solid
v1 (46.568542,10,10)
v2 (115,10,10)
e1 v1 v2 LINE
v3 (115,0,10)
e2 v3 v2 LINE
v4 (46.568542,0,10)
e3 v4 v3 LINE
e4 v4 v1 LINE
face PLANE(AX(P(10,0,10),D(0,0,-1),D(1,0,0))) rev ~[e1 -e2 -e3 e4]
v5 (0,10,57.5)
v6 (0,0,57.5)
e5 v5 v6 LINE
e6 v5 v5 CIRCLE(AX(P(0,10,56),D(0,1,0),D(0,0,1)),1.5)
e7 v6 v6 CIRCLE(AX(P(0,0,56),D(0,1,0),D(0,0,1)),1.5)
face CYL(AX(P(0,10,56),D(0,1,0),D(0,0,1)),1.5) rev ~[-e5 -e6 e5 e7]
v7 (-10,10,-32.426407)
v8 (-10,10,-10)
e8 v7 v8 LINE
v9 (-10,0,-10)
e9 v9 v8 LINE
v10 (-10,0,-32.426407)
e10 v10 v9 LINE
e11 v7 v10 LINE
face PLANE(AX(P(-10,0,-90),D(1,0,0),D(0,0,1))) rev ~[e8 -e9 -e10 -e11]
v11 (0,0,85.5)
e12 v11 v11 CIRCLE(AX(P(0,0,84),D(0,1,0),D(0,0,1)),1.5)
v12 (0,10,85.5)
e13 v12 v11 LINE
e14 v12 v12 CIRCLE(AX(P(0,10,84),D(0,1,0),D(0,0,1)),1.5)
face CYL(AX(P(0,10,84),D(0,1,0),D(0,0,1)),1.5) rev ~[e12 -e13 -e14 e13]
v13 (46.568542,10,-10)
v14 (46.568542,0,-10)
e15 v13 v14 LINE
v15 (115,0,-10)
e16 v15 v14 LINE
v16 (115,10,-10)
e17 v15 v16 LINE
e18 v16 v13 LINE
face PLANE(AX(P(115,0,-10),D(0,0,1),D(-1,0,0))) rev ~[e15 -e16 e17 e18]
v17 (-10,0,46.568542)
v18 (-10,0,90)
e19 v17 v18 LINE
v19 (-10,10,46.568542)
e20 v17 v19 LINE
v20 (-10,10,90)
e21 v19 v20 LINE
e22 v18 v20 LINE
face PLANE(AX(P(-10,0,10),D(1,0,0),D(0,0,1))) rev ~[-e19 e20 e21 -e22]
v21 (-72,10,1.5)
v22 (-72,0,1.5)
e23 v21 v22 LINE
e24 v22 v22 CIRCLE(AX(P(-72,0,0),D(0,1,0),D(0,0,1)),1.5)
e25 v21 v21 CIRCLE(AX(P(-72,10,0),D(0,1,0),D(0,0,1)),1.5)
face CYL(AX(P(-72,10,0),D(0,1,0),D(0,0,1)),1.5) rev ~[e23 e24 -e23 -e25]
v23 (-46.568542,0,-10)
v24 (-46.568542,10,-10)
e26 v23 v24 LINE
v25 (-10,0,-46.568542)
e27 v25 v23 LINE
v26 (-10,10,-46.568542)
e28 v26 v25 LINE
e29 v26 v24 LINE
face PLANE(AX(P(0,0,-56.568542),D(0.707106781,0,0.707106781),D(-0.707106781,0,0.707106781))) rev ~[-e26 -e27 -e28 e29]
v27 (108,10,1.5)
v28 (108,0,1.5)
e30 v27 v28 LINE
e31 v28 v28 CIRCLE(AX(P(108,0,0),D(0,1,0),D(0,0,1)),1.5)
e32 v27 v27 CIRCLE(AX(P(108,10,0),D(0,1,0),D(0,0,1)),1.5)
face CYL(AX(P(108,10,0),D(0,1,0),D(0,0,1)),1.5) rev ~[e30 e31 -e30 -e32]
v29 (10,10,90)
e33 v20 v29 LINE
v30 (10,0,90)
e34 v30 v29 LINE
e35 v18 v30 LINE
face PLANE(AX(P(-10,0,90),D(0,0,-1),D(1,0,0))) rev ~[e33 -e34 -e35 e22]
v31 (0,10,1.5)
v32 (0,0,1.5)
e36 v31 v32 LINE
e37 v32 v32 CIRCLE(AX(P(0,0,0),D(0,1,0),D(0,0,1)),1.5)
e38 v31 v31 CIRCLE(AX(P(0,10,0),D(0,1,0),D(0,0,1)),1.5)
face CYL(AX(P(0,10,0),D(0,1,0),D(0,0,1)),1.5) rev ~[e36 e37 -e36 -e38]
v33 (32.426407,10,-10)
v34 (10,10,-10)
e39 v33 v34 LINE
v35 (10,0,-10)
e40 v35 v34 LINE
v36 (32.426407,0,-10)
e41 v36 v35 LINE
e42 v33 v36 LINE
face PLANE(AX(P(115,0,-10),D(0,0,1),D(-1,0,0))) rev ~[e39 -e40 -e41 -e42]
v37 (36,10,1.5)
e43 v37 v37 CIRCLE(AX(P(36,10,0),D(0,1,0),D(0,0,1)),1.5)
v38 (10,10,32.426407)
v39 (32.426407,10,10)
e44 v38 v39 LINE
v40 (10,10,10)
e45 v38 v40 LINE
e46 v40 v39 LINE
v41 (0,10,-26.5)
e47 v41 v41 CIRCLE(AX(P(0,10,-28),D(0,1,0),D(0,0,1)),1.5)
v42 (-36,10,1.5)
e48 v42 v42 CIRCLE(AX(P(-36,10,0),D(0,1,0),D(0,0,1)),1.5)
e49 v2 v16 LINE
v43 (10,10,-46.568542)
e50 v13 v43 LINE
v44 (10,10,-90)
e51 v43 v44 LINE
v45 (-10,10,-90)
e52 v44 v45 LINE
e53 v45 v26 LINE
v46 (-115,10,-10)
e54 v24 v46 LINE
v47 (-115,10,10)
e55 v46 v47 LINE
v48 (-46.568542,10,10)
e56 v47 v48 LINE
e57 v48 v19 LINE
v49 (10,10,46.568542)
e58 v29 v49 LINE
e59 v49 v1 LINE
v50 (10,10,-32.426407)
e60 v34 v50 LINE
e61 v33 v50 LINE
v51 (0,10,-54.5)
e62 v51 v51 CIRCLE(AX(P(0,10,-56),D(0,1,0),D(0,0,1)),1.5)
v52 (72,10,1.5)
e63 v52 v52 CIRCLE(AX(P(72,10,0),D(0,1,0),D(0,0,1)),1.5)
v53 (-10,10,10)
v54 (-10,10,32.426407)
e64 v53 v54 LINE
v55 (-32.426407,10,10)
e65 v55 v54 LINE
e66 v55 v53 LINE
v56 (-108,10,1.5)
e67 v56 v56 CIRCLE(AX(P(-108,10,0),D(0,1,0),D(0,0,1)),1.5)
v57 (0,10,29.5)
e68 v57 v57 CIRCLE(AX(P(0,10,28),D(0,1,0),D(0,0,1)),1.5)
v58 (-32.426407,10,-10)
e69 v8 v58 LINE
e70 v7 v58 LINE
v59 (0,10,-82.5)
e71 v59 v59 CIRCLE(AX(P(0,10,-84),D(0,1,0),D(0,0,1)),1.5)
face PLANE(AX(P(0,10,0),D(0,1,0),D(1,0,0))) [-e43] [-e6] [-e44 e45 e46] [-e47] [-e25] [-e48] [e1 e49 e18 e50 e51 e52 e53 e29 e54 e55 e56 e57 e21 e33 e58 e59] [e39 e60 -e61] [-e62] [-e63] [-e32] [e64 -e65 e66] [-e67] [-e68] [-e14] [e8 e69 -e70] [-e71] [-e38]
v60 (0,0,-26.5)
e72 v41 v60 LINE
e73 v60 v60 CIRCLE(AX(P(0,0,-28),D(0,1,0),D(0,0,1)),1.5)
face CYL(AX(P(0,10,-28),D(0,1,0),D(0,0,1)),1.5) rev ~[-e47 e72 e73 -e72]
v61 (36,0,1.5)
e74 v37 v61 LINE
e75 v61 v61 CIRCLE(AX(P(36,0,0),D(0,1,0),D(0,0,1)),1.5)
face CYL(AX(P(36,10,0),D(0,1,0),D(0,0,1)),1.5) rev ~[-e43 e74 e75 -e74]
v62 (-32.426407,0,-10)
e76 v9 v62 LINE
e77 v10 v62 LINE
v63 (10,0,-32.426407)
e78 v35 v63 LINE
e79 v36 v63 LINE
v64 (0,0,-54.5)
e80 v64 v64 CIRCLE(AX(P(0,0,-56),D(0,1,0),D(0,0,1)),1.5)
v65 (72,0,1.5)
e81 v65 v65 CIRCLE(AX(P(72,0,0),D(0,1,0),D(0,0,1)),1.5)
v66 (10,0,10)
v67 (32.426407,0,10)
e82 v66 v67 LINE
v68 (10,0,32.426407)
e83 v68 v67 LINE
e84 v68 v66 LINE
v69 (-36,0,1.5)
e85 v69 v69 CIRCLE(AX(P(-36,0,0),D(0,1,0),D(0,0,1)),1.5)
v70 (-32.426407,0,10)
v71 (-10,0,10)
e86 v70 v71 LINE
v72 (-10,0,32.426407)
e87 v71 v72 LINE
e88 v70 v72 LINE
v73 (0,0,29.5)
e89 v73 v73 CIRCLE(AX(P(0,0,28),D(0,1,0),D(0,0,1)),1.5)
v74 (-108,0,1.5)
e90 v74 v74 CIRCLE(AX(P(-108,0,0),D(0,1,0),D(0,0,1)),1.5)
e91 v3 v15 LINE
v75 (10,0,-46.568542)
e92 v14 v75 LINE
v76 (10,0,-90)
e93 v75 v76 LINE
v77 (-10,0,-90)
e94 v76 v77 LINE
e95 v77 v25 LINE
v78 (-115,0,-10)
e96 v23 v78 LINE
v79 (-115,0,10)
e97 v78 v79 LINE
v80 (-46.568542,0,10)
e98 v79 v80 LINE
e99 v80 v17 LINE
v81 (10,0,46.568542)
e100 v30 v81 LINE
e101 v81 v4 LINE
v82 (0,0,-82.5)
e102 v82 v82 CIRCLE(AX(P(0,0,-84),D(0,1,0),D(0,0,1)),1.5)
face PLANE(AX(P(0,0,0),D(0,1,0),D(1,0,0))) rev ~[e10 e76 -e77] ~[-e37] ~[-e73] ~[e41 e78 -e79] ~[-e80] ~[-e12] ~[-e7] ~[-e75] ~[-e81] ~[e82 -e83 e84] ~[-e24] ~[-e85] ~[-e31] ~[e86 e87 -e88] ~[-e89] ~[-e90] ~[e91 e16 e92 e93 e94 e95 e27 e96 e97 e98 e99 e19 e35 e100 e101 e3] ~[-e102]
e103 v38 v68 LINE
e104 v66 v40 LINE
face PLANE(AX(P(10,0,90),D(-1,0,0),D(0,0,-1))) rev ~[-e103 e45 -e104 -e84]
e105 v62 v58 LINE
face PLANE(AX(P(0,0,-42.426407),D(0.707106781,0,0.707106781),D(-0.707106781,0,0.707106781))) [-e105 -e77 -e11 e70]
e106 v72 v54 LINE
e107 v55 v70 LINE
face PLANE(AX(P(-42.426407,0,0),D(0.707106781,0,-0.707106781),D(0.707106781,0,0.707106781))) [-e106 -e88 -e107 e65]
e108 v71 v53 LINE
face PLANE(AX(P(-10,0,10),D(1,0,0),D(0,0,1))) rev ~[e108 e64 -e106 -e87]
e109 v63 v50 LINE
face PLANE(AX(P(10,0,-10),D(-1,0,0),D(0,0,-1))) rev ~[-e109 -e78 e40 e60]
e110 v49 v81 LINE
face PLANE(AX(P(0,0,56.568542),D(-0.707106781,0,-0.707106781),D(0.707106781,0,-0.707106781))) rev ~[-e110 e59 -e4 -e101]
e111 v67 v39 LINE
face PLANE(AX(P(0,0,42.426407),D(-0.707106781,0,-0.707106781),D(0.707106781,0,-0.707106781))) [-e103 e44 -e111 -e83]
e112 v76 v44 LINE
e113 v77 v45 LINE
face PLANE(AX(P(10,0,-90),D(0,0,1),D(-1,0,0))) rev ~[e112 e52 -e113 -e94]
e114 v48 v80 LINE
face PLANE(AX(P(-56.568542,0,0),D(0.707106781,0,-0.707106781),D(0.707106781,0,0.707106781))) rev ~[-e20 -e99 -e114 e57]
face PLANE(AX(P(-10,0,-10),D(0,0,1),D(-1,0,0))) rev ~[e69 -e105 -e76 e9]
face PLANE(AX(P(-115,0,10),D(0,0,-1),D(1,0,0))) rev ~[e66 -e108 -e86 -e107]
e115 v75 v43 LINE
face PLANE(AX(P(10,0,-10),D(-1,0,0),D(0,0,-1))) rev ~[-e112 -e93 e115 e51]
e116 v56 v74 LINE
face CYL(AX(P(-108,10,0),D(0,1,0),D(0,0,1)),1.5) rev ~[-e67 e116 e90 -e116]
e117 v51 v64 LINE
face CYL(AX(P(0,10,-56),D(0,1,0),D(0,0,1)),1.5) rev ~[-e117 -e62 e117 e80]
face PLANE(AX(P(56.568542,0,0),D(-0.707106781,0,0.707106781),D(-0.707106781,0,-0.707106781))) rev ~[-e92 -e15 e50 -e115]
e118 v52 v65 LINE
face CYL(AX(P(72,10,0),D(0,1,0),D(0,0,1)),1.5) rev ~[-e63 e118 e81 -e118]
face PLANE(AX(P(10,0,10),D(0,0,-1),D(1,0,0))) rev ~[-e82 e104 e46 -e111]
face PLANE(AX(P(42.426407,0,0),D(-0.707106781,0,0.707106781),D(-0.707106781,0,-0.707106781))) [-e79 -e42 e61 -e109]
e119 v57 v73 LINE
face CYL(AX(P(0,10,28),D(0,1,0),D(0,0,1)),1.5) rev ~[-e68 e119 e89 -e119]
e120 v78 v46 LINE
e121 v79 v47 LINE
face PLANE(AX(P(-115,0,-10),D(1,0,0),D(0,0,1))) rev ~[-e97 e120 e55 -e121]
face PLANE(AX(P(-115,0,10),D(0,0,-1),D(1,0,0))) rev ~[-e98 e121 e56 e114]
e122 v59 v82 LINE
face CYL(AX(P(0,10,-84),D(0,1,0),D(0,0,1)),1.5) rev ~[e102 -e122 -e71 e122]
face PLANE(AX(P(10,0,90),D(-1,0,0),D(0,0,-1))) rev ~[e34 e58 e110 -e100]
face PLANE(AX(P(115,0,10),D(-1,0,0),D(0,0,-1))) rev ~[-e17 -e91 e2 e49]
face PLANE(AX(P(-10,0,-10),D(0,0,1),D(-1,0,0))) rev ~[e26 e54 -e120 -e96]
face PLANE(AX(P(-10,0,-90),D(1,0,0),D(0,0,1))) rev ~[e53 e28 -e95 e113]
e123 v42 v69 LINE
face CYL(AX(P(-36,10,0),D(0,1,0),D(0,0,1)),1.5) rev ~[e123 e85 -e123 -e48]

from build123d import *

# Parameters (mm, degrees)
BOSS_EXTRUDE1_DEPTH = 10
BOSS_EXTRUDE2_DEPTH = 10
SKETCH2_R           = 1.5
CUT_EXTRUDE1_DEPTH  = 147.372811683


with BuildPart() as part:
    # Sketch1 → Boss-Extrude1 (new body)
    with BuildSketch(Plane(origin=(0, 0, 0), x_dir=(1, 0, 0), z_dir=(0, 1, 0))):
        Polygon((-115, -10), (-10, -10), (-10, -90), (10, -90), (10, -10), (115, -10), (115, 10), (10, 10), (10, 90), (-10, 90), (-10, 10), (-115, 10), align=None)
    extrude(amount=BOSS_EXTRUDE1_DEPTH)

    # Sketch3 → Boss-Extrude2 (add)
    with BuildSketch(Plane(origin=(0, 0, 0), x_dir=(1, 0, 0), z_dir=(0, 1, 0))):
        Polygon((0, -56.568542495), (56.568542495, 0), (0, 56.568542495), (-56.568542495, 0), align=None)
        Polygon((0, -42.426406871), (42.426406871, 0), (0, 42.426406871), (-42.426406871, 0), align=None, mode=Mode.SUBTRACT)
    extrude(amount=BOSS_EXTRUDE2_DEPTH)

    # Sketch2 → Cut-Extrude1 (cut, through all)
    with BuildSketch(Plane(origin=(0, 10, 0), x_dir=(1, 0, 0), z_dir=(0, 1, 0))):
        with Locations(Location((0, 0, 0), (0, 0, 270))):
            Circle(SKETCH2_R)
        with Locations(Location((36, 0, 0), (0, 0, 270))):
            Circle(SKETCH2_R)
        with Locations(Location((72, 0, 0), (0, 0, 270))):
            Circle(SKETCH2_R)
        with Locations(Location((108, 0, 0), (0, 0, 270))):
            Circle(SKETCH2_R)
        with Locations(Location((0, 28, 0), (0, 0, 270))):
            Circle(SKETCH2_R)
        with Locations(Location((-36, 0, 0), (0, 0, 270))):
            Circle(SKETCH2_R)
        with Locations(Location((-72, 0, 0), (0, 0, 270))):
            Circle(SKETCH2_R)
        with Locations(Location((-108, 0, 0), (0, 0, 270))):
            Circle(SKETCH2_R)
        with Locations(Location((0, 56, 0), (0, 0, 270))):
            Circle(SKETCH2_R)
        with Locations(Location((0, 84, 0), (0, 0, 270))):
            Circle(SKETCH2_R)
        with Locations(Location((0, -28, 0), (0, 0, 270))):
            Circle(SKETCH2_R)
        with Locations(Location((0, -56, 0), (0, 0, 270))):
            Circle(SKETCH2_R)
        with Locations(Location((0, -84, 0), (0, 0, 270))):
            Circle(SKETCH2_R)
    extrude(amount=-CUT_EXTRUDE1_DEPTH, mode=Mode.SUBTRACT)


solid = part.part
